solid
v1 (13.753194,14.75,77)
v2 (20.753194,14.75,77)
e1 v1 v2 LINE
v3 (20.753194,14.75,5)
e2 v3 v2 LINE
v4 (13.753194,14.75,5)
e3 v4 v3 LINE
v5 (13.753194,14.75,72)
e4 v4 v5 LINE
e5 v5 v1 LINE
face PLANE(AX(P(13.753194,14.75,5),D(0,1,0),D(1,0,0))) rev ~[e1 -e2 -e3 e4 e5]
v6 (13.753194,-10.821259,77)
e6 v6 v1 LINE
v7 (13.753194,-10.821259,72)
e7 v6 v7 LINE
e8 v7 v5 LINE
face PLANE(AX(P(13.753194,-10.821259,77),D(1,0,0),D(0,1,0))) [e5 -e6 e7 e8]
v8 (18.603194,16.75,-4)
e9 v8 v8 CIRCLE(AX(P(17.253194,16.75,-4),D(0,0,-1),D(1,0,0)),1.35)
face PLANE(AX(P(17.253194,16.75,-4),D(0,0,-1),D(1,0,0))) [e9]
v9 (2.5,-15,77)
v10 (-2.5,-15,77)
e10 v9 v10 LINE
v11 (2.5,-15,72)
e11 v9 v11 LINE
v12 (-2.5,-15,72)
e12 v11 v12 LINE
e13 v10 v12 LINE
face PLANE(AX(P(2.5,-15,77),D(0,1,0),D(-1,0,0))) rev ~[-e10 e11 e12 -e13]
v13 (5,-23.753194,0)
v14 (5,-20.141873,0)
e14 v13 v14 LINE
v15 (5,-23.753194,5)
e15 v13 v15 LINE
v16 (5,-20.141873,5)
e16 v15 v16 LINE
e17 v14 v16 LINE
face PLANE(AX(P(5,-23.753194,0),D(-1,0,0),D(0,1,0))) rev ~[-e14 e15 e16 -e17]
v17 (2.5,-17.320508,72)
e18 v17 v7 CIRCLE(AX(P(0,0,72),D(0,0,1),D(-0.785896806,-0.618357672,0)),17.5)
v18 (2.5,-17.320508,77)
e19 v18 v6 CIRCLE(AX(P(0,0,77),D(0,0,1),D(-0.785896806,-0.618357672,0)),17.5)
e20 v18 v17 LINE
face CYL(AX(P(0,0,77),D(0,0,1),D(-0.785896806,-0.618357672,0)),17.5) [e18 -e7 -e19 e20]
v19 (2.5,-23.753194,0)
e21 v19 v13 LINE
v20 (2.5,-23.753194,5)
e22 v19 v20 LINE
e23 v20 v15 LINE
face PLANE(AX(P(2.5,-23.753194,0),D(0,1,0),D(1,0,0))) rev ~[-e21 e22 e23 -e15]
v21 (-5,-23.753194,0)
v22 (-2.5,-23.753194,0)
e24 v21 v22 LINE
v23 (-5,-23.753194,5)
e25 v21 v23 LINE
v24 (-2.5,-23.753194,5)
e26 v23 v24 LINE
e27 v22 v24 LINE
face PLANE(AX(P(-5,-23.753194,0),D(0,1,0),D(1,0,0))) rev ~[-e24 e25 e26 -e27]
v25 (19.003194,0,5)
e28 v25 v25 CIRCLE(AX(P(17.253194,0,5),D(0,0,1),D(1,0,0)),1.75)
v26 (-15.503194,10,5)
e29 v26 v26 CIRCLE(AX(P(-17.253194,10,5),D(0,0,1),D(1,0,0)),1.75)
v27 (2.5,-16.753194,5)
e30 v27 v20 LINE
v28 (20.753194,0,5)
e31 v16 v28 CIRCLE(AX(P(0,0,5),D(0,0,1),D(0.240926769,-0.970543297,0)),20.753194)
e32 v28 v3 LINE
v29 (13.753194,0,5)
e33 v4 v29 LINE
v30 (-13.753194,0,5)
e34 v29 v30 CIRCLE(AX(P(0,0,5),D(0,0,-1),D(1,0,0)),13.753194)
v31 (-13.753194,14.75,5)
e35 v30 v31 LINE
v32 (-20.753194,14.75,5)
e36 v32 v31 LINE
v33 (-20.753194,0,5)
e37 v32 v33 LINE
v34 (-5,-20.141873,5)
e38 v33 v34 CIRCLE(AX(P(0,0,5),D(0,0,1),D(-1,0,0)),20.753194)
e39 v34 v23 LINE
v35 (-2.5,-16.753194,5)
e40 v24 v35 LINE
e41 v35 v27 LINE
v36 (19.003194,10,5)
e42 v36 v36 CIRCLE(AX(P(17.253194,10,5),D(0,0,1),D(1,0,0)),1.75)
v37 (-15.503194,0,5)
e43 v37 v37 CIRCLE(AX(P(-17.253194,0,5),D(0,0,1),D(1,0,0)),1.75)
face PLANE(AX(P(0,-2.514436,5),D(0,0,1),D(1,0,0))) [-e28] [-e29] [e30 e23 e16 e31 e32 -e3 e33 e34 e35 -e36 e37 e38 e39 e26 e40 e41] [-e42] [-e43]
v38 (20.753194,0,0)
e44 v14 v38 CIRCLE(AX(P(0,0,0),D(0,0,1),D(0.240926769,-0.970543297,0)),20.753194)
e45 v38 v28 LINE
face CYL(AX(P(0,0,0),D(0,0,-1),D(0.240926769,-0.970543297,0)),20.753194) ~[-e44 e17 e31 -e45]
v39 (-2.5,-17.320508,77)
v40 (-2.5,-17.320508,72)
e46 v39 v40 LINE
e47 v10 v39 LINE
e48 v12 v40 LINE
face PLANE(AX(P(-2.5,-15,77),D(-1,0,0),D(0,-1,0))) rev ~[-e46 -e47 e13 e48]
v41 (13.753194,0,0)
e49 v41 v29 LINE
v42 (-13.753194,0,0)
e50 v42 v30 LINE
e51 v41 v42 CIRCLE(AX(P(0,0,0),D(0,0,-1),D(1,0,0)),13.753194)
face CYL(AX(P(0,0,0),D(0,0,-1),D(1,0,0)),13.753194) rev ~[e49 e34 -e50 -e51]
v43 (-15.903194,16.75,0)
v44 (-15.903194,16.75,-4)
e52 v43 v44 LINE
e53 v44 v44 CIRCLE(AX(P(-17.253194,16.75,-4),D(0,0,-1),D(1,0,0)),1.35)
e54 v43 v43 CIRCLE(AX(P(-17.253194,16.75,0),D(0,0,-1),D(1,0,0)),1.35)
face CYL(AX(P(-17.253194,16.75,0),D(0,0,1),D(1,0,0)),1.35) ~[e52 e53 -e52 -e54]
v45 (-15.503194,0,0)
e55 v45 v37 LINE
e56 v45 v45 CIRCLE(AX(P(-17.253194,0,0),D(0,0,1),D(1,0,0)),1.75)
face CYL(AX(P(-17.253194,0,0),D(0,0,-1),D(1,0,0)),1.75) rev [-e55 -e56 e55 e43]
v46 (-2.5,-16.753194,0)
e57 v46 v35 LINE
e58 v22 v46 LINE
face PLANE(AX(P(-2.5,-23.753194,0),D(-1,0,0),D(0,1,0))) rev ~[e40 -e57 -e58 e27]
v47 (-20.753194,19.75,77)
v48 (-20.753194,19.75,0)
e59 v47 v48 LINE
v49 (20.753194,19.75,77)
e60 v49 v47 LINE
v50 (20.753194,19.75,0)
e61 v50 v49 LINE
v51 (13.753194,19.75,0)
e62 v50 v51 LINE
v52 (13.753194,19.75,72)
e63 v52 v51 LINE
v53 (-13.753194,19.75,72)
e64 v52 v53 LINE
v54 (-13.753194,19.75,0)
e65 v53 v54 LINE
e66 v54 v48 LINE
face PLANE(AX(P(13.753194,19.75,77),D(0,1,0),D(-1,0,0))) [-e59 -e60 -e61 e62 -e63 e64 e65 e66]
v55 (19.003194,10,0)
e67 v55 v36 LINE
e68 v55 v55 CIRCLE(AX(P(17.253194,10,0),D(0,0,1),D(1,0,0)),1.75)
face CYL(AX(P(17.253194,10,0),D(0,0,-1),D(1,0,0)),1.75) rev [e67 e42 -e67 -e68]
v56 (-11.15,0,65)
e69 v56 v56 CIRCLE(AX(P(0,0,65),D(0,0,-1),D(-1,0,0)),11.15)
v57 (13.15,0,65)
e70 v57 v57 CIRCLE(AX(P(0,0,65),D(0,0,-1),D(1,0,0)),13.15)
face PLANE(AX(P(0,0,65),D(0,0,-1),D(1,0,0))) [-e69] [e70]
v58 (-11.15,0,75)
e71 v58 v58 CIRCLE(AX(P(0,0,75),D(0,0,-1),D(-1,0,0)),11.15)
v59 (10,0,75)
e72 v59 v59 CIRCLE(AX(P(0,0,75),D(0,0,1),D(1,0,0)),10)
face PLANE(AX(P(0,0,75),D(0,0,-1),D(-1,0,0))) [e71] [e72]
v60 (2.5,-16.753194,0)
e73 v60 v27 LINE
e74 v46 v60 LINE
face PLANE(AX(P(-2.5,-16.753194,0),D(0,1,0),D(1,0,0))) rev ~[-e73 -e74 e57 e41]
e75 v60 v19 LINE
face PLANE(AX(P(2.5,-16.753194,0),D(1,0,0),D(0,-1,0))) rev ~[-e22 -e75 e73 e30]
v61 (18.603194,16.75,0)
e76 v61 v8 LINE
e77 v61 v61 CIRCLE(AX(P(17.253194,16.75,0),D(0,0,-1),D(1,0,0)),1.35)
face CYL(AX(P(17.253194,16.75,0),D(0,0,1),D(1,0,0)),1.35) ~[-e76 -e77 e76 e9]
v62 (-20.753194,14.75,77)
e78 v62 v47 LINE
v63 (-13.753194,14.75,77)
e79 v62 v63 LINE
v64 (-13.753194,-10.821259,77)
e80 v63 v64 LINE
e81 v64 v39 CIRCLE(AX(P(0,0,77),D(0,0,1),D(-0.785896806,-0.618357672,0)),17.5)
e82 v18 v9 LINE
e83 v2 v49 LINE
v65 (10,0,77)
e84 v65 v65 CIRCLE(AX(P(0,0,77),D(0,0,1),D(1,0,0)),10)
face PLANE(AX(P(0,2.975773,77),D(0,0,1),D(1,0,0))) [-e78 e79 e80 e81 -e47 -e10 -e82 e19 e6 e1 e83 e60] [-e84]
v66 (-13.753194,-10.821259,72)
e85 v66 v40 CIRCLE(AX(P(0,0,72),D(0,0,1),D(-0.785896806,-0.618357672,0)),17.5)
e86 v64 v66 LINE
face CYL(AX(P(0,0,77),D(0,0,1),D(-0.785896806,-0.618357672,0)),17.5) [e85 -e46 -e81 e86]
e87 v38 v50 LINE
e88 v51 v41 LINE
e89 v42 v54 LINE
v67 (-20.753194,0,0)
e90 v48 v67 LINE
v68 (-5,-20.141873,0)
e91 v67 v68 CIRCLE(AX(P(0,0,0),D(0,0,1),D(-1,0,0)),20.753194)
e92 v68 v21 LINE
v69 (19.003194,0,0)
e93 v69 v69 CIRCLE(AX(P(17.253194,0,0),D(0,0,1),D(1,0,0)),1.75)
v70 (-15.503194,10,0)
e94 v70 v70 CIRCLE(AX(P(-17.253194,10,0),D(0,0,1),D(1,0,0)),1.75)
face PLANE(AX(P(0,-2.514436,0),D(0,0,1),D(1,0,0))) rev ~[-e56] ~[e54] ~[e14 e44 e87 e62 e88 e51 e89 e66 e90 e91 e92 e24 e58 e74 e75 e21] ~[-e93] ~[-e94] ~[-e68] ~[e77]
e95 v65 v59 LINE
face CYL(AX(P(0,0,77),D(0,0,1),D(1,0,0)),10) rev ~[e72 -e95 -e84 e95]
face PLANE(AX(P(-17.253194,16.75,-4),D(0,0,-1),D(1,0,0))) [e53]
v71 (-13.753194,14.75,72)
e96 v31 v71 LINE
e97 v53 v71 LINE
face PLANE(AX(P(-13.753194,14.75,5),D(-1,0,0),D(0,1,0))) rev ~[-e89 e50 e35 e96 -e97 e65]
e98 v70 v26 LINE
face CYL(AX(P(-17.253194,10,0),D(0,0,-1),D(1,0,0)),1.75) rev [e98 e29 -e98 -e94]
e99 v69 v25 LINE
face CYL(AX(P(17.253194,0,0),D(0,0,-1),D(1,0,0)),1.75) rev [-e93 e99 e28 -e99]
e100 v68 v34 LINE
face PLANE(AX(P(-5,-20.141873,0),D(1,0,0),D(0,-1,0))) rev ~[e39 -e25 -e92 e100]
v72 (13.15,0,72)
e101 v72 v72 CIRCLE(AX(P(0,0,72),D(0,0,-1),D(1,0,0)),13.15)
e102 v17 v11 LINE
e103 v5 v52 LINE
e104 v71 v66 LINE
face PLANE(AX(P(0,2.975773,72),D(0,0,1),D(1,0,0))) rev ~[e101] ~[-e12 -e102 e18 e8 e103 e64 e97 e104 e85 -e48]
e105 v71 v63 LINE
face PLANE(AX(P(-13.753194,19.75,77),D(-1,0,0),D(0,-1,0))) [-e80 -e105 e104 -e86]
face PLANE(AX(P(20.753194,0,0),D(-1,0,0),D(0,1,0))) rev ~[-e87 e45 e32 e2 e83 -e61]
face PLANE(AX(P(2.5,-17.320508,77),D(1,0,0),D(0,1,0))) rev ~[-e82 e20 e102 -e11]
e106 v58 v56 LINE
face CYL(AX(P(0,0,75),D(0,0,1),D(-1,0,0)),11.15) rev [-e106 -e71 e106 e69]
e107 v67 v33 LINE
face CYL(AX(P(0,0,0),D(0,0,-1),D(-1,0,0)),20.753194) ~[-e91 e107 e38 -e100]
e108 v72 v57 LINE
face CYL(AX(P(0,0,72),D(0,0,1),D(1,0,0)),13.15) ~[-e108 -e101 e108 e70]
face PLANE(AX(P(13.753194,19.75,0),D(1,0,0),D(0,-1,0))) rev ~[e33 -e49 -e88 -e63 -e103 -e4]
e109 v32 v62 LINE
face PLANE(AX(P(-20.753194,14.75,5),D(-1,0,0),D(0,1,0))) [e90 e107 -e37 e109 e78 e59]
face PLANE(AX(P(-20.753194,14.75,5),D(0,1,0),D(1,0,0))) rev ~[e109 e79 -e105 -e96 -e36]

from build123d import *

# Parameters (mm, degrees)
SKETCH1_R           = 1.75
BOSS_EXTRUDE1_DEPTH = 5
SKETCH2_R           = 1.35
BOSS_EXTRUDE2_DEPTH = 4
SKETCH4_W           = 7
SKETCH4_H           = 5
BOSS_EXTRUDE3_DEPTH = 72
SKETCH5_R           = 10
BOSS_EXTRUDE4_DEPTH = 5
SKETCH6_R           = 13.15
SKETCH6_R_2         = 11.15
BOSS_EXTRUDE5_DEPTH = 7
CUT_EXTRUDE1_START  = -3
SKETCH7_R           = 11.15
CUT_EXTRUDE1_DEPTH  = 3
CUT_EXTRUDE2_DEPTH  = 5


with BuildPart() as part:
    # Sketch1 → Boss-Extrude1 (new body)
    with BuildSketch(Plane.XY):
        with BuildLine():
            Line((-13.753194099, 0), (-13.753194099, 19.75))
            Line((-13.753194099, 19.75), (-20.753194099, 19.75))
            Line((-20.753194099, 19.75), (-20.753194099, 0))
            ThreePointArc((-20.753194099, 0), (-16.34718685, -12.785325472), (-5, -20.141873431))
            Line((-5, -20.141873431), (-5, -23.753194099))
            Line((-5, -23.753194099), (-2.5, -23.753194099))
            Line((-2.5, -23.753194099), (-2.5, -16.753194099))
            Line((-2.5, -16.753194099), (2.5, -16.753194099))
            Line((2.5, -16.753194099), (2.5, -23.753194099))
            Line((2.5, -23.753194099), (5, -23.753194099))
            Line((5, -23.753194099), (5, -20.141873431))
            ThreePointArc((5, -20.141873431), (16.34718685, -12.785325472), (20.753194099, 0))
            Line((20.753194099, 0), (20.753194099, 19.75))
            Line((20.753194099, 19.75), (13.753194099, 19.75))
            Line((13.753194099, 19.75), (13.753194099, 0))
            ThreePointArc((13.753194099, 0), (0, -13.753194099), (-13.753194099, 0))
        make_face()
        with Locations((-17.253194099, 0)):
            Circle(SKETCH1_R, mode=Mode.SUBTRACT)
        with Locations((-17.253194099, 10)):
            Circle(SKETCH1_R, mode=Mode.SUBTRACT)
        with Locations((17.253194099, 10)):
            Circle(SKETCH1_R, mode=Mode.SUBTRACT)
        with Locations((17.253194099, 0)):
            Circle(SKETCH1_R, mode=Mode.SUBTRACT)
    extrude(amount=BOSS_EXTRUDE1_DEPTH)

    # Sketch2 → Boss-Extrude2 (add)
    with BuildSketch(Plane(origin=(0, 0, 0), x_dir=(-1, 0, 0), z_dir=(0, 0, -1))):
        with Locations(Location((-17.253194099, 16.75, 0), (0, 0, 180))):
            Circle(SKETCH2_R)
        with Locations(Location((17.253194099, 16.75, 0), (0, 0, 180))):
            Circle(SKETCH2_R)
    extrude(amount=BOSS_EXTRUDE2_DEPTH)

    # Sketch4 → Boss-Extrude3 (add)
    with BuildSketch(Plane.XY.offset(5)):
        with Locations((-17.253194099, 17.25)):
            Rectangle(SKETCH4_W, SKETCH4_H)
        with Locations((17.253194099, 17.25)):
            Rectangle(SKETCH4_W, SKETCH4_H)
    extrude(amount=BOSS_EXTRUDE3_DEPTH)

    # Sketch5 → Boss-Extrude4 (add)
    with BuildSketch(Plane.XY.offset(77)):
        with BuildLine():
            Line((-13.753194099, 19.75), (-13.753194099, 14.75))
            Line((-13.753194099, 14.75), (-13.753194099, -10.821259264))
            ThreePointArc((-13.753194099, -10.821259264), (0, -17.5), (13.753194099, -10.821259264))
            Line((13.753194099, -10.821259264), (13.753194099, 14.75))
            Line((13.753194099, 14.75), (13.753194099, 19.75))
            Line((13.753194099, 19.75), (-13.753194099, 19.75))
        make_face()
        Circle(SKETCH5_R, mode=Mode.SUBTRACT)
    extrude(amount=-BOSS_EXTRUDE4_DEPTH)

    # Sketch6 → Boss-Extrude5 (add)
    with BuildSketch(Plane(origin=(0, 0, 72), x_dir=(-1, 0, 0), z_dir=(0, 0, -1))):
        with Locations(Location((0, 0, 0), (0, 0, 180))):
            Circle(SKETCH6_R)
        Circle(SKETCH6_R_2, mode=Mode.SUBTRACT)
    extrude(amount=BOSS_EXTRUDE5_DEPTH)

    # Sketch7 → Cut-Extrude1 (cut)
    with BuildSketch(Plane(origin=(0, 0, 72), x_dir=(-1, 0, 0), z_dir=(0, 0, -1)).offset(CUT_EXTRUDE1_START)):
        Circle(SKETCH7_R)
    extrude(amount=CUT_EXTRUDE1_DEPTH, mode=Mode.SUBTRACT)

    # Sketch8 → Cut-Extrude2 (cut)
    with BuildSketch(Plane.XY.offset(77)):
        with BuildLine():
            Line((2.5, -17.320508076), (2.5, -15))
            Line((2.5, -15), (-2.5, -15))
            Line((-2.5, -15), (-2.5, -17.320508076))
            ThreePointArc((-2.5, -17.320508076), (0, -17.5), (2.5, -17.320508076))
        make_face()
    extrude(amount=-CUT_EXTRUDE2_DEPTH, mode=Mode.SUBTRACT)


solid = part.part
